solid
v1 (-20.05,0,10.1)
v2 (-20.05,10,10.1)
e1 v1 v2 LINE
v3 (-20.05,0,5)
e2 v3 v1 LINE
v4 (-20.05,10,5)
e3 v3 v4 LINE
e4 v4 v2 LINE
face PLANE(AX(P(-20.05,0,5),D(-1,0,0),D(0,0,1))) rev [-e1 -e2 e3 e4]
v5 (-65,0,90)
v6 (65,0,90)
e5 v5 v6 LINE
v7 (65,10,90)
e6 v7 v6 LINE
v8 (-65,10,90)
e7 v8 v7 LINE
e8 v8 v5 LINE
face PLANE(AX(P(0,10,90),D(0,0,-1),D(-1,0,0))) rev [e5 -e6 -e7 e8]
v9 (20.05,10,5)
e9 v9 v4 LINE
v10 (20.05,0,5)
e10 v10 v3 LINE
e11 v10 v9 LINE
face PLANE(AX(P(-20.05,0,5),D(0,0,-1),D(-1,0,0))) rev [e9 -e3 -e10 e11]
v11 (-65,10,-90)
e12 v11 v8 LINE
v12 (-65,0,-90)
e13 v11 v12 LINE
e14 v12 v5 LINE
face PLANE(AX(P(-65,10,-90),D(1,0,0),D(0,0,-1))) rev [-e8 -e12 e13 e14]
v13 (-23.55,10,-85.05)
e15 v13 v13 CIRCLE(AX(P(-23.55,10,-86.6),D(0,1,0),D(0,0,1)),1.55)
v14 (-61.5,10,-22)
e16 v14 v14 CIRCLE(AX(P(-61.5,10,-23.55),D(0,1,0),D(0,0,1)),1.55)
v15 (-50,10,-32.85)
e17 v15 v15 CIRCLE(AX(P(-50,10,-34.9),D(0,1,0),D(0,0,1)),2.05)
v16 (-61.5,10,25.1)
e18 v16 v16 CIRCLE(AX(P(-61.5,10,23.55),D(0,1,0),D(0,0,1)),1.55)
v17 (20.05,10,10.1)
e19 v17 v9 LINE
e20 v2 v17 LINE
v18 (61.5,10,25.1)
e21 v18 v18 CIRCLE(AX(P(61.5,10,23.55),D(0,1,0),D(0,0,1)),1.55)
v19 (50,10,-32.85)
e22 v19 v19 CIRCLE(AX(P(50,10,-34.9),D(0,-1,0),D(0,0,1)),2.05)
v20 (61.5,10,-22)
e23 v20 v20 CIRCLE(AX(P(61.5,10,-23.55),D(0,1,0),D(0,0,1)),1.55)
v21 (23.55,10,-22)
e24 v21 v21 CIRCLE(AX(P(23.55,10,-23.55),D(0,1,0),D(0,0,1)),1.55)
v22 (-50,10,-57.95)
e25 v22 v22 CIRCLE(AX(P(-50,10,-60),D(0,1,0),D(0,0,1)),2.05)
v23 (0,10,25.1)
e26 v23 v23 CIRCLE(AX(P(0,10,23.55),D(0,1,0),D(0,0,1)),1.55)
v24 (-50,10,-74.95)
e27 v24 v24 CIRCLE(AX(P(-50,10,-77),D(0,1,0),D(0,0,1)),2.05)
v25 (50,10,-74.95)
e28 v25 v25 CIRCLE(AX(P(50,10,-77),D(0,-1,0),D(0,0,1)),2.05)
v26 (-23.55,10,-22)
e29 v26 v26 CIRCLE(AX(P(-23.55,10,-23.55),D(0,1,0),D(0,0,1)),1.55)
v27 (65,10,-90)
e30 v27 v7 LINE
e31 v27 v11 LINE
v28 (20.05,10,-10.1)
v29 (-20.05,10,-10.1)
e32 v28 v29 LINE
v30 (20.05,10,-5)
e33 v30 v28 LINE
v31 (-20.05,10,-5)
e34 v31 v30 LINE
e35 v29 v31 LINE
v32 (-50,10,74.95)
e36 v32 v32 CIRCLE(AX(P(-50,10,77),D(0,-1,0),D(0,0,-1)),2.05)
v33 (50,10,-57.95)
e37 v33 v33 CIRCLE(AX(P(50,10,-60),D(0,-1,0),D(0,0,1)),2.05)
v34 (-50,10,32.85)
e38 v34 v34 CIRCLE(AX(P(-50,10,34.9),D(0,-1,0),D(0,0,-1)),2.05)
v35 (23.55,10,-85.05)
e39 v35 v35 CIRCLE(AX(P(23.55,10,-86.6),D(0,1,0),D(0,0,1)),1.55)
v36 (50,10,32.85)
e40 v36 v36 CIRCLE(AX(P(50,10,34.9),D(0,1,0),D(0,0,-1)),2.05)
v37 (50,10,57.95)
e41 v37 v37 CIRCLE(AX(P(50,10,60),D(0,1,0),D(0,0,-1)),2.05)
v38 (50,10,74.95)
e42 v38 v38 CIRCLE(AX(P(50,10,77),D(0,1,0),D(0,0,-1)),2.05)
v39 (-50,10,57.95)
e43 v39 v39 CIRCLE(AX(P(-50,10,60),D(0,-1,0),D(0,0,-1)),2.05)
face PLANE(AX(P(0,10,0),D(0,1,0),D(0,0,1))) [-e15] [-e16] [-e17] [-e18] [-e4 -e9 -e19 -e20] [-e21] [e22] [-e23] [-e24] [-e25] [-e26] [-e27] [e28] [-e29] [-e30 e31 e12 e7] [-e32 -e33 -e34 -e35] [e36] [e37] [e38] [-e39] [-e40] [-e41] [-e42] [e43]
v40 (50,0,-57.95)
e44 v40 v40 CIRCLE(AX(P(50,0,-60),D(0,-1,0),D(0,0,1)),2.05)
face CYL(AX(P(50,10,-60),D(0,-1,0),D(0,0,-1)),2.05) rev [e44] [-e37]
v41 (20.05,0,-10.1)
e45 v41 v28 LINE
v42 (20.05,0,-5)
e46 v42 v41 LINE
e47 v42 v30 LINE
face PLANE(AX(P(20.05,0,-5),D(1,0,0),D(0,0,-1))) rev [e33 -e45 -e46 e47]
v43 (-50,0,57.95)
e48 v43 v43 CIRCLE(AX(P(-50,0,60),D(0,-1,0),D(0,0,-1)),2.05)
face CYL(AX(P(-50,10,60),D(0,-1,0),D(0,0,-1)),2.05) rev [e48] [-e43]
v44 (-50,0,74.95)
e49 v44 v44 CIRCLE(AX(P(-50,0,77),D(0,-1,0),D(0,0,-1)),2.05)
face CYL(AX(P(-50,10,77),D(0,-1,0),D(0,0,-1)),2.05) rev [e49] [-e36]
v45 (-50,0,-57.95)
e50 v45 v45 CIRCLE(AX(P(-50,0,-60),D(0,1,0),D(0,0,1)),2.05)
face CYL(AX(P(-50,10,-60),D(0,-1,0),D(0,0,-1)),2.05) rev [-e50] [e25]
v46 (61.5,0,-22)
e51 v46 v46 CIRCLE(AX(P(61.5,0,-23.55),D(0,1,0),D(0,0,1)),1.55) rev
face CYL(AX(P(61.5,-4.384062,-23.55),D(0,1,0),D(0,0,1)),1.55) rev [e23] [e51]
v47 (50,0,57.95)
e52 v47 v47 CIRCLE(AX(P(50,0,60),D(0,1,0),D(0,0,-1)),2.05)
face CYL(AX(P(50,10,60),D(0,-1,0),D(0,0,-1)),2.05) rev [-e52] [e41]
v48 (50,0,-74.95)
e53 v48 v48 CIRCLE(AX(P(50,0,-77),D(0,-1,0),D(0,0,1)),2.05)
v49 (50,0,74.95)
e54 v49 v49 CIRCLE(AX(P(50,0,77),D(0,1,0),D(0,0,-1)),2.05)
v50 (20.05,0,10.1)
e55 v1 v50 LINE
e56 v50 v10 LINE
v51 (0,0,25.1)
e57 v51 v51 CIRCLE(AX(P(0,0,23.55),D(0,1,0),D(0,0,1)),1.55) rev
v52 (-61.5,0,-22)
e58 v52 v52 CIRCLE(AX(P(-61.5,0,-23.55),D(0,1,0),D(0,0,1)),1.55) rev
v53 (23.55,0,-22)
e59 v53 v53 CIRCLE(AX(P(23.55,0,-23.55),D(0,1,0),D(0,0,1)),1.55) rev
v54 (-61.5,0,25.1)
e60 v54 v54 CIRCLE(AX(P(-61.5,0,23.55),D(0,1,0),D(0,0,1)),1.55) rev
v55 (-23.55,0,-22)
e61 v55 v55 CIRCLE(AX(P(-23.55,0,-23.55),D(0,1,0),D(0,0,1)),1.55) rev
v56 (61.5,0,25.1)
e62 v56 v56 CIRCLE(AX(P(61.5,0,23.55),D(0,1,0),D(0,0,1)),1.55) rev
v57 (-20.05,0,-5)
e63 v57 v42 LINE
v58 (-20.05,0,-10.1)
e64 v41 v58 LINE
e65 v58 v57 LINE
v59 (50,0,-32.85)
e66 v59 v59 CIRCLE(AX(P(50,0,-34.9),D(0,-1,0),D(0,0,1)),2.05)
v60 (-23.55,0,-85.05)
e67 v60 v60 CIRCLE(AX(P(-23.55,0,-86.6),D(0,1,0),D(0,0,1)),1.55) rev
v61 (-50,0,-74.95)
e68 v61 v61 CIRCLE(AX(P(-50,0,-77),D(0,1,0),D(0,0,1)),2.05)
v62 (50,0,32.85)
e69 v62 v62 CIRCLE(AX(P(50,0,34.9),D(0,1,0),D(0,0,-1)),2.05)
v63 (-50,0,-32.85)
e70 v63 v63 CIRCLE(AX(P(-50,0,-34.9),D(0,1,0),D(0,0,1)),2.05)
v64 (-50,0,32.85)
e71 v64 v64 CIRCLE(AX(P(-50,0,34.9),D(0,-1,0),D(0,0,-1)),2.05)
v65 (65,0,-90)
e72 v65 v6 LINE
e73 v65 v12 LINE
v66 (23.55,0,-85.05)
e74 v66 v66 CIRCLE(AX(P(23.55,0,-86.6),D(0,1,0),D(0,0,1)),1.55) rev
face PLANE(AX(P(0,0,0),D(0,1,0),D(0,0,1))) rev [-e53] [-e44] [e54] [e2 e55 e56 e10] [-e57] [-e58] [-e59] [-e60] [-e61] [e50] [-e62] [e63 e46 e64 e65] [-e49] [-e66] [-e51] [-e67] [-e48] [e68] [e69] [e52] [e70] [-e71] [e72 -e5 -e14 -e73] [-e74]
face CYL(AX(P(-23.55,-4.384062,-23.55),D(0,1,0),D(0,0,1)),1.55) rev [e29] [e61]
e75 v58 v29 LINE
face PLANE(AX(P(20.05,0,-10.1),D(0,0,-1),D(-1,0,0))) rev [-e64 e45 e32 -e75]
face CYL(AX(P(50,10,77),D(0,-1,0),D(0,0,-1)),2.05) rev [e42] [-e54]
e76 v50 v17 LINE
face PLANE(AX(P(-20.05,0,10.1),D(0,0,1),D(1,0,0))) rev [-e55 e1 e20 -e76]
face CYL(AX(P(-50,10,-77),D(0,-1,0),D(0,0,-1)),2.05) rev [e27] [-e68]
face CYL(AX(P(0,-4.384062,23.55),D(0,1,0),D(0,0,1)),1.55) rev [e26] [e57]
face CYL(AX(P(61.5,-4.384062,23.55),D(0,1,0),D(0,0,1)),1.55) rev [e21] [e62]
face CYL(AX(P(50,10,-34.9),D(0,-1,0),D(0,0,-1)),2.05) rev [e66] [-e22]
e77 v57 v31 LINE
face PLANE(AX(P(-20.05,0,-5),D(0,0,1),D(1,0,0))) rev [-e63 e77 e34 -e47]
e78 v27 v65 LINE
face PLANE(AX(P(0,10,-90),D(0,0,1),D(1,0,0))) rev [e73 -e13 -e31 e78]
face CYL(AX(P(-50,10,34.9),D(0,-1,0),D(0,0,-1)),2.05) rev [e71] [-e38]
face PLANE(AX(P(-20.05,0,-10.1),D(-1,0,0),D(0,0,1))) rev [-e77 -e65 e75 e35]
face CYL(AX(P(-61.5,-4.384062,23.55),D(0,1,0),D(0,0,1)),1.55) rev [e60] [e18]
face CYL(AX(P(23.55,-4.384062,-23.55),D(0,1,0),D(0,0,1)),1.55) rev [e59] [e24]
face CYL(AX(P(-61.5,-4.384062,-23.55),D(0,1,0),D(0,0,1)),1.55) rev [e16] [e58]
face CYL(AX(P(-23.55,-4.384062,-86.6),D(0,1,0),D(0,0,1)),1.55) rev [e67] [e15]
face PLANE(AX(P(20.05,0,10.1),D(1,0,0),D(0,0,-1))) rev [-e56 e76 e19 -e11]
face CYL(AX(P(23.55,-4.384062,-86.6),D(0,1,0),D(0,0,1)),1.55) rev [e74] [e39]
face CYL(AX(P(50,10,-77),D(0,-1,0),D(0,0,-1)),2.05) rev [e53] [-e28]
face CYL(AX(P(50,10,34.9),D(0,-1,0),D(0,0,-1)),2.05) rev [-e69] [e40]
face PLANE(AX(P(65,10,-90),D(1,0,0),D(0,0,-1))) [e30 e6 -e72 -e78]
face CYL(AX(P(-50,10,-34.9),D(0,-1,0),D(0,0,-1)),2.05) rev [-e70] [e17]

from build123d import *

# Parameters (mm, degrees)
SKETCH1_W               = 65
SKETCH1_H               = 90
SKETCH1_R               = 2.05
BOSS_EXTRUDE1_DEPTH     = 10
MIRROR2_COPY_1_SKETCH_W = 65
MIRROR2_COPY_1_SKETCH_H = 90
MIRROR2_COPY_1_SKETCH_R = 2.05
MIRROR2_COPY_1_DEPTH    = 10
SKETCH2_W               = 40.1
SKETCH2_H               = 5.1
CUT_EXTRUDE1_DEPTH      = 10
SKETCH3_R               = 1.55
CUT_EXTRUDE2_DEPTH      = 10


with BuildPart() as part:
    # Sketch1 → Boss-Extrude1 (new body)
    with BuildSketch(Plane(origin=(0, 0, 0), x_dir=(1, 0, 0), z_dir=(0, 1, 0))):
        with Locations((-32.5, 45)):
            Rectangle(SKETCH1_W, SKETCH1_H)
        with Locations((-50, 77)):
            Circle(SKETCH1_R, mode=Mode.SUBTRACT)
        with Locations((-50, 34.9)):
            Circle(SKETCH1_R, mode=Mode.SUBTRACT)
        with Locations((-50, 60)):
            Circle(SKETCH1_R, mode=Mode.SUBTRACT)
    boss_extrude1 = extrude(amount=BOSS_EXTRUDE1_DEPTH)

    # Mirror1: Boss-Extrude1 across Right Plane
    add(boss_extrude1.mirror(Plane(origin=(0, 0, 0), x_dir=(0, 0, -1), z_dir=(1, 0, 0))))

    # Mirror2: Boss-Extrude1 across Front Plane
    add(boss_extrude1.mirror(Plane.XY))

    # Mirror2 copy 1 sketch → Mirror2 copy 1 (add)
    with BuildSketch(Plane(origin=(0, 0, 0), x_dir=(-1, 0, 0), z_dir=(0, 1, 0))):
        with Locations((-32.5, 45)):
            Rectangle(MIRROR2_COPY_1_SKETCH_W, MIRROR2_COPY_1_SKETCH_H)
        with Locations((-50, 77)):
            Circle(MIRROR2_COPY_1_SKETCH_R, mode=Mode.SUBTRACT)
        with Locations((-50, 34.9)):
            Circle(MIRROR2_COPY_1_SKETCH_R, mode=Mode.SUBTRACT)
        with Locations((-50, 60)):
            Circle(MIRROR2_COPY_1_SKETCH_R, mode=Mode.SUBTRACT)
    extrude(amount=MIRROR2_COPY_1_DEPTH)

    # Sketch2 → Cut-Extrude1 (cut)
    with BuildSketch(Plane(origin=(0, 10, 0), x_dir=(1, 0, 0), z_dir=(0, 1, 0))):
        with Locations((0, 7.55)):
            Rectangle(SKETCH2_W, SKETCH2_H)
        with Locations((0, -7.55)):
            Rectangle(SKETCH2_W, SKETCH2_H)
    extrude(amount=-CUT_EXTRUDE1_DEPTH, mode=Mode.SUBTRACT)

    # Sketch3 → Cut-Extrude2 (cut)
    with BuildSketch(Plane(origin=(0, 10, 0), x_dir=(1, 0, 0), z_dir=(0, 1, 0))):
        with Locations((-23.55, 86.6)):
            Circle(SKETCH3_R)
        with Locations((-23.55, 23.55)):
            Circle(SKETCH3_R)
        with Locations((-61.5, 23.55)):
            Circle(SKETCH3_R)
        with Locations((23.55, 23.55)):
            Circle(SKETCH3_R)
        with Locations((23.55, 86.6)):
            Circle(SKETCH3_R)
        with Locations((61.5, 23.55)):
            Circle(SKETCH3_R)
        with Locations((-61.5, -23.55)):
            Circle(SKETCH3_R)
        with Locations((0, -23.55)):
            Circle(SKETCH3_R)
        with Locations((61.5, -23.55)):
            Circle(SKETCH3_R)
    extrude(amount=-CUT_EXTRUDE2_DEPTH, mode=Mode.SUBTRACT)


solid = part.part
